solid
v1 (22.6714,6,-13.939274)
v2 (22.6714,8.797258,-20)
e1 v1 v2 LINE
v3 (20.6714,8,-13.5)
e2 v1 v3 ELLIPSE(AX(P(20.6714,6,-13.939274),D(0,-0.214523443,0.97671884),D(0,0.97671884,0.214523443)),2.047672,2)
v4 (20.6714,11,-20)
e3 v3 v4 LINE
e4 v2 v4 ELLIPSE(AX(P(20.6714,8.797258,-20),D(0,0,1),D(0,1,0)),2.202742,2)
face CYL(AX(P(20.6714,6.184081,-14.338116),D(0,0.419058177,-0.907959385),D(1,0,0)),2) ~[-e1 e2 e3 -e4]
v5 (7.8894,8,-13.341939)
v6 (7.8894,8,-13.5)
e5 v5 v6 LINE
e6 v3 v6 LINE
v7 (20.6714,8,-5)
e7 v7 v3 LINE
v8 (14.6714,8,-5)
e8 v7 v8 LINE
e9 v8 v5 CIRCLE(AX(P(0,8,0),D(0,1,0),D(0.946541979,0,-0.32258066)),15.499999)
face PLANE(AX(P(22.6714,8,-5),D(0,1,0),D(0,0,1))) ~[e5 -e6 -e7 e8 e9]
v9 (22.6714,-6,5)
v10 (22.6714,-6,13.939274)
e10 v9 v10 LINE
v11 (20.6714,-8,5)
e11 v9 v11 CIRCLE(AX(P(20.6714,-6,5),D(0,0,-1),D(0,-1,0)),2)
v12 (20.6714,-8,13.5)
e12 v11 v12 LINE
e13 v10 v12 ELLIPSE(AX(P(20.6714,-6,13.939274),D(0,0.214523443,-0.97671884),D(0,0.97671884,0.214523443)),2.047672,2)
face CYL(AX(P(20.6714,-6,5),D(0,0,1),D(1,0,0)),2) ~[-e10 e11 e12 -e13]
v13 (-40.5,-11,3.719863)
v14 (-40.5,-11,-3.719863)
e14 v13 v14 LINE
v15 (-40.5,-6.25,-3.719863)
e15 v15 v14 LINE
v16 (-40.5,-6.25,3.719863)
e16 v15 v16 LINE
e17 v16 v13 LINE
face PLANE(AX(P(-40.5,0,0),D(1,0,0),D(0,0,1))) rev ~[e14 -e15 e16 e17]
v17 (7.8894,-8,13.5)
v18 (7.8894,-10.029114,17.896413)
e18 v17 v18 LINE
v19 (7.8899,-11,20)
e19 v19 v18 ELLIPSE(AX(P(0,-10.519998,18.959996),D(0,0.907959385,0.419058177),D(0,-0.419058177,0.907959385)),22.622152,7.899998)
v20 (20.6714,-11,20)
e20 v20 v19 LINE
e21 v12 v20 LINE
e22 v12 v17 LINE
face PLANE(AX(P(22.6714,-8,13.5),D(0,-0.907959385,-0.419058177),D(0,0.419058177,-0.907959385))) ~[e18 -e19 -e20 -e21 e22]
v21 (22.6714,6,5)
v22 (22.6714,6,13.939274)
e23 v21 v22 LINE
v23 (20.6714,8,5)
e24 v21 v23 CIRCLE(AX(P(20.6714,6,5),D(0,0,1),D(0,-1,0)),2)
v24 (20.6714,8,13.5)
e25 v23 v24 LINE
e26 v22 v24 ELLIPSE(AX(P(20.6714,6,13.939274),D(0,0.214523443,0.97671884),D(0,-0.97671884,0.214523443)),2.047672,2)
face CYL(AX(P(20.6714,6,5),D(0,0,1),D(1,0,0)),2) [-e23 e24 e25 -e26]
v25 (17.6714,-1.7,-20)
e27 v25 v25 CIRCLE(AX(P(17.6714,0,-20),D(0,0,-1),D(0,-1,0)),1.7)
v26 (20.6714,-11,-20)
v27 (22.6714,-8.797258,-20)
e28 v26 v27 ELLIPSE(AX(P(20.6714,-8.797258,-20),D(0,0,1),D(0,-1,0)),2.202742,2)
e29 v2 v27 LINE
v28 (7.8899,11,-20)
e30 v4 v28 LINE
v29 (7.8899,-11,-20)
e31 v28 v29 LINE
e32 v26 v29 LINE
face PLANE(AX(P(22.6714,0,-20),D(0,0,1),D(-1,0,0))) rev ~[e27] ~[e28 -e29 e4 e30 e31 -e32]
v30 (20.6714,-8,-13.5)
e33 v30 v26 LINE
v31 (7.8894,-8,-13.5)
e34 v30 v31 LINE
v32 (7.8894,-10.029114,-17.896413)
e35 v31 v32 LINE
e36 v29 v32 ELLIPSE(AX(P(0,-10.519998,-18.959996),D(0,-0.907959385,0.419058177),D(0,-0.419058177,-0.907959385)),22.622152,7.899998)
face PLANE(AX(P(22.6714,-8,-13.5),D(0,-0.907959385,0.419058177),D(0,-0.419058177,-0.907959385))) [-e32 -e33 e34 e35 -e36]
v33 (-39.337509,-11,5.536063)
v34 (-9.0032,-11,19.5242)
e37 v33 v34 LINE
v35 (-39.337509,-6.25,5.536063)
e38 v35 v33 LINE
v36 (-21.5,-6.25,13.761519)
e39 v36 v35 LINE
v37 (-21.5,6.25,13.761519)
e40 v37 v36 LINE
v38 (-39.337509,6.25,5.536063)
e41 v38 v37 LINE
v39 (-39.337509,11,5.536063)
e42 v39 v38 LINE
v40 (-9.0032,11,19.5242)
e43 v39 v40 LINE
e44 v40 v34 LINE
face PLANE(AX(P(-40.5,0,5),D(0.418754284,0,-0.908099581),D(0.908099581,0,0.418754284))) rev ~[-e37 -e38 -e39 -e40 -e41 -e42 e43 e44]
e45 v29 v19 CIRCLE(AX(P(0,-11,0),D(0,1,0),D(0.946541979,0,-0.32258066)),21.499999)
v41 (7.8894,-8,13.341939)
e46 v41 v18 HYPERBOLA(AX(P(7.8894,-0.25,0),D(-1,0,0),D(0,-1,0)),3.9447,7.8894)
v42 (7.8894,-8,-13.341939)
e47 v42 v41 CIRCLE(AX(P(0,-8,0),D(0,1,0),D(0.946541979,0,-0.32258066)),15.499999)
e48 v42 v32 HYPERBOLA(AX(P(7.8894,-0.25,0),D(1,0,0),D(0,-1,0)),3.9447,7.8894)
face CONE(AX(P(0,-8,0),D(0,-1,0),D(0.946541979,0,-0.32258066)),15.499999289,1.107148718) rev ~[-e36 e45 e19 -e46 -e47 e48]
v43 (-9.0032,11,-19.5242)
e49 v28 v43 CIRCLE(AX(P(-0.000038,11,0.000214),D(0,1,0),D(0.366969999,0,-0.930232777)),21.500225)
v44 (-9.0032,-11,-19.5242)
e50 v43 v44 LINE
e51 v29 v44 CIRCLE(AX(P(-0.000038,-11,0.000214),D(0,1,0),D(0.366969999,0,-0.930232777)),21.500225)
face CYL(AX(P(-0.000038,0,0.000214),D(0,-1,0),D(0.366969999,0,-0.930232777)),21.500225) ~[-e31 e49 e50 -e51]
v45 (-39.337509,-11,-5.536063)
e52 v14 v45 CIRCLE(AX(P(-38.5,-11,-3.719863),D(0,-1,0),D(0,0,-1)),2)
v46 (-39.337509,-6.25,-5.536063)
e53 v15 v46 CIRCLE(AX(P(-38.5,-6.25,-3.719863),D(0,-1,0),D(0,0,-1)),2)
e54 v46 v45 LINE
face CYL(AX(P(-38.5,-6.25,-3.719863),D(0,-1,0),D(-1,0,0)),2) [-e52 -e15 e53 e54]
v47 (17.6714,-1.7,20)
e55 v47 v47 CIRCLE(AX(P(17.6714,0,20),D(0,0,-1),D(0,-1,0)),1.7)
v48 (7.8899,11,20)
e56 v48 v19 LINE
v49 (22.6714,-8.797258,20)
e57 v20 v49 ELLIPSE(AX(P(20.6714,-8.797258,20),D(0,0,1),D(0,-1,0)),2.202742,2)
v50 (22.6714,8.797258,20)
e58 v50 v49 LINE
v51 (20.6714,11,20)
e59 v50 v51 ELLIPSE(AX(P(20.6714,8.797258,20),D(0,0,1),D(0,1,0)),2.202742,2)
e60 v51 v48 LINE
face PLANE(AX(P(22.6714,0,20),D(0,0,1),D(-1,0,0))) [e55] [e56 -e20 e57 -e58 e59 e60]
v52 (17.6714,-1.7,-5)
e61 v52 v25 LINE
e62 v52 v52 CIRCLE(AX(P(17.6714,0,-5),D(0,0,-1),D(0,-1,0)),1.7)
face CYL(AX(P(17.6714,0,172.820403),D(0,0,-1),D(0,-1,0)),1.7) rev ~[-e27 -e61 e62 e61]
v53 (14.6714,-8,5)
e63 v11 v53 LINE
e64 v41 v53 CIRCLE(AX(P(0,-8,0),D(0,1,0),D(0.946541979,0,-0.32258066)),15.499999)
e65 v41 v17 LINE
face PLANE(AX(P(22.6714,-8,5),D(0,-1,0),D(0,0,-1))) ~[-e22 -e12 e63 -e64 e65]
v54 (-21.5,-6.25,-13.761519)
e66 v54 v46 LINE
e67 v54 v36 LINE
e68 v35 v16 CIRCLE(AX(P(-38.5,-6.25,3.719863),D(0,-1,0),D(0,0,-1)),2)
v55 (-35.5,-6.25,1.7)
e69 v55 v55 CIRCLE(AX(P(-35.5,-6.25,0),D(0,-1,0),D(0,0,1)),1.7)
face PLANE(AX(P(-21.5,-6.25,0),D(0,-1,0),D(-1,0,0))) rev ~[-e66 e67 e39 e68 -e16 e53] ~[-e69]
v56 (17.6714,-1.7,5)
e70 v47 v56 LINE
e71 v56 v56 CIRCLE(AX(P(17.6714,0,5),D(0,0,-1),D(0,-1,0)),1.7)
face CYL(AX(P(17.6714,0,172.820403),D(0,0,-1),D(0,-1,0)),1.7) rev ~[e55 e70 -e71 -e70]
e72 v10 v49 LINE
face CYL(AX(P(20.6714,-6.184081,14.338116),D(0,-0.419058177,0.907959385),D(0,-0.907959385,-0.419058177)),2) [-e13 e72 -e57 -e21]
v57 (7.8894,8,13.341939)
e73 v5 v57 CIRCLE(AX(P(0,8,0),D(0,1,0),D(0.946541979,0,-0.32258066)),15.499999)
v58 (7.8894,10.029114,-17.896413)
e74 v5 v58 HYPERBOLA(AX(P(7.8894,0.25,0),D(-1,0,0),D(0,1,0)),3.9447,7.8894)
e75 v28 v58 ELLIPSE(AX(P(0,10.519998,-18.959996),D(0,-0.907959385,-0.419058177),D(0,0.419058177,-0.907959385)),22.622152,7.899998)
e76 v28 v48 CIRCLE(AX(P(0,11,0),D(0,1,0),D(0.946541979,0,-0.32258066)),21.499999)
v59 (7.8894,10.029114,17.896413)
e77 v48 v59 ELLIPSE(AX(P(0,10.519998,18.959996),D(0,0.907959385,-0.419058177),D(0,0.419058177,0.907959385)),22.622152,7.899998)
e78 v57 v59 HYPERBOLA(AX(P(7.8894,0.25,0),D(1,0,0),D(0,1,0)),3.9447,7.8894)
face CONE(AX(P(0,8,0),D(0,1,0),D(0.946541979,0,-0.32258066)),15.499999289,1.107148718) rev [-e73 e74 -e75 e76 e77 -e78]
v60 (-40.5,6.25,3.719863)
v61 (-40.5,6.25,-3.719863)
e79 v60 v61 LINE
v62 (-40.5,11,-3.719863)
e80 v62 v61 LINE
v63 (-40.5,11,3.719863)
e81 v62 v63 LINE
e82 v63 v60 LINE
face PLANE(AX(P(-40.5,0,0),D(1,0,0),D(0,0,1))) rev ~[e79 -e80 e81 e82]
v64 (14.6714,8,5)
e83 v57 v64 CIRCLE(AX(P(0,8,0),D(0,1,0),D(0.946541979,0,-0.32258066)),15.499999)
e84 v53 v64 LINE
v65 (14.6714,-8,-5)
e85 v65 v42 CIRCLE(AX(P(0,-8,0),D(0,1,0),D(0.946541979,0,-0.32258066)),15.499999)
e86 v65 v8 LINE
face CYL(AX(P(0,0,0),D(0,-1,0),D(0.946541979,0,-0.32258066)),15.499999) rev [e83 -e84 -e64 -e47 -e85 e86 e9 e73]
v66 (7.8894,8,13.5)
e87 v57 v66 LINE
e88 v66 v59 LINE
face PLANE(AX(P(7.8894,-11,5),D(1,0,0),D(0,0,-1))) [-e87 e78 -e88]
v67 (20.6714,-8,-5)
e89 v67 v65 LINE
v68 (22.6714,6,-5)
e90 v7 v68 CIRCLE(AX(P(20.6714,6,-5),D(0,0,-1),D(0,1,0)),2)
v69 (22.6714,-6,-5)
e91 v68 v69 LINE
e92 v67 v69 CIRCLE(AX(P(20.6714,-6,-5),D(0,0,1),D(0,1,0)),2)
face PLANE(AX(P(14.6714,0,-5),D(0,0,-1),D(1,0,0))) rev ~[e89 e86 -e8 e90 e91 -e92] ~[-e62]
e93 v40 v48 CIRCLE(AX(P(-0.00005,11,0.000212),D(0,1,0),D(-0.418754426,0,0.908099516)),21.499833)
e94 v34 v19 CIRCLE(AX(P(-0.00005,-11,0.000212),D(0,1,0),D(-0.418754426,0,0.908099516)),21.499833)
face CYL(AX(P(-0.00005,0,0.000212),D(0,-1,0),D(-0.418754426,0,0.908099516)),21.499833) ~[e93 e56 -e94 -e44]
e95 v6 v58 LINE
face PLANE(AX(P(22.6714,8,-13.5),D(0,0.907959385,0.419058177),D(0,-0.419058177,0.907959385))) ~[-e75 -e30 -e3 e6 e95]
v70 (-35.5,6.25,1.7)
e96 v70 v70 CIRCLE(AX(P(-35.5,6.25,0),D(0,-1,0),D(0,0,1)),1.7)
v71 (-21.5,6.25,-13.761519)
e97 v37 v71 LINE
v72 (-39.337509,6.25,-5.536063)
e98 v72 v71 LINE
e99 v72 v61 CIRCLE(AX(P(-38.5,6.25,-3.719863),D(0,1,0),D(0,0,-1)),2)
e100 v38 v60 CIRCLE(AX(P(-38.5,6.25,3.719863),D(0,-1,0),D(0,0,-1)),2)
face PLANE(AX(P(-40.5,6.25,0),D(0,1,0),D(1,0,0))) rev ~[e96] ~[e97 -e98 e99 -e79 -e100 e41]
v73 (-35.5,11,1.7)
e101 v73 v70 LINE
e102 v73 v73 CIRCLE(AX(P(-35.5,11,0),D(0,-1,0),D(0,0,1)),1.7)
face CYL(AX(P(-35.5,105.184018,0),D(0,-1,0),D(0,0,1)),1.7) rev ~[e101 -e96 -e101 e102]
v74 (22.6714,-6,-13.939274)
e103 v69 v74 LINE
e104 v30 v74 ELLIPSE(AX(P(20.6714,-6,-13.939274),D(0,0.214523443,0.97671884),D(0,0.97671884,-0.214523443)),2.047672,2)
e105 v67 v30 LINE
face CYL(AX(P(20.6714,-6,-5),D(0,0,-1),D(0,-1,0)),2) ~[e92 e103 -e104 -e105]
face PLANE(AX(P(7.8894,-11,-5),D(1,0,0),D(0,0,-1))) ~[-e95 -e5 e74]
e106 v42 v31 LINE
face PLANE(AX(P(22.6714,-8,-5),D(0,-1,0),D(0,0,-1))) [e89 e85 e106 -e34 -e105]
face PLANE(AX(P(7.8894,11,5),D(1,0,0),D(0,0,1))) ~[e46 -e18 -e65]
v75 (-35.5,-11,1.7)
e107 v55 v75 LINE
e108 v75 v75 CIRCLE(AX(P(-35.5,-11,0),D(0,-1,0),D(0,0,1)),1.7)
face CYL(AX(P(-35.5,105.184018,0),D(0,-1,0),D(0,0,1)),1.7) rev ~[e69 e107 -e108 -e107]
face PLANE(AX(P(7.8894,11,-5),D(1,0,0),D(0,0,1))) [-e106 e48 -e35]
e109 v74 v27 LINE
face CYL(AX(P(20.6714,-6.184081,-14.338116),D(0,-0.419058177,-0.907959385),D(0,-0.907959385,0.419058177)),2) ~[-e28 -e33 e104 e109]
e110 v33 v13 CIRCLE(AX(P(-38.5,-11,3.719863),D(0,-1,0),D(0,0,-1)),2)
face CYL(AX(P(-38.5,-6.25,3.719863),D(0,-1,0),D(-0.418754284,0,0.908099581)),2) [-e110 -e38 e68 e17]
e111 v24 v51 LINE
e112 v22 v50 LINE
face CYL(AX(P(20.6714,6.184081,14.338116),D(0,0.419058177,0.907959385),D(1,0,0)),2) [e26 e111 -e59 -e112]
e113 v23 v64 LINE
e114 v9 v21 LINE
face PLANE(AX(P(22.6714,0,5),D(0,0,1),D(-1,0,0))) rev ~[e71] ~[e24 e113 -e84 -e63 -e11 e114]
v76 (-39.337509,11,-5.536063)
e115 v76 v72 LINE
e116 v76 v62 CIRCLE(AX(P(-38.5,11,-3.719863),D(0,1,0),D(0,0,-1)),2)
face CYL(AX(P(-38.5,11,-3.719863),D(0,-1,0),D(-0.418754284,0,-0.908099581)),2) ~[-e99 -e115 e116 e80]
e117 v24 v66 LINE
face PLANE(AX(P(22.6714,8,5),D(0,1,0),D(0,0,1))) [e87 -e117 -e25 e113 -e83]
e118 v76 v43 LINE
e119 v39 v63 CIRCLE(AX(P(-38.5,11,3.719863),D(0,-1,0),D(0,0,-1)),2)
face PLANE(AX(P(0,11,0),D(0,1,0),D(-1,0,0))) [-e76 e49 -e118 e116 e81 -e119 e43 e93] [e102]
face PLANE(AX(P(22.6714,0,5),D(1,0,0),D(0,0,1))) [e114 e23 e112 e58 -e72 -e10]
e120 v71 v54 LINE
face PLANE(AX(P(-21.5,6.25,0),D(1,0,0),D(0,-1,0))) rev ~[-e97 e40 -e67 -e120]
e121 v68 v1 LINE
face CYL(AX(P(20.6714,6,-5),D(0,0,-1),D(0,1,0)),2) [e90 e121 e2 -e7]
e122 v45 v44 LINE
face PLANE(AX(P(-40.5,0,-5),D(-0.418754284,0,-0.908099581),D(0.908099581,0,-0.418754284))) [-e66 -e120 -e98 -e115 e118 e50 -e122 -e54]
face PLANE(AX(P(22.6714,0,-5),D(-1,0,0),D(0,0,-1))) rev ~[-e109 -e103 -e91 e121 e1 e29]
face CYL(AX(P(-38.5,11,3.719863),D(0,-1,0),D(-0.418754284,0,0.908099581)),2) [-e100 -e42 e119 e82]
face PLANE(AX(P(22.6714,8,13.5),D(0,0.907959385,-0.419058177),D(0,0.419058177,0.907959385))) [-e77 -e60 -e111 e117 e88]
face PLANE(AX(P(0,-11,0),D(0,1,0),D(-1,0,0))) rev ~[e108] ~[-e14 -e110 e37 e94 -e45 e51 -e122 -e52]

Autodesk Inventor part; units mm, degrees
ref_plane "YZ Plane" through (0, 0, 0) normal (1, 0, 0) x (0, 1, 0)
ref_plane "XZ Plane" through (0, 0, 0) normal (0, 1, 0) x (-1, 0, 0)
ref_plane "XY Plane" through (0, 0, 0) normal (0, 0, 1) x (1, 0, 0)
sketch "スケッチ1" plane through (0, 0, 0) normal (0, 1, 0) x (-1, 0, 0)
  circle A0 centre (0, 0) radius 15.5 construction
  circle A1 centre (0, 0) radius 21.5 construction
  line L0 (-22.6714, 5) -> (-14.6714, 5)
  line L1 (-14.6714, 5) -> (-14.6714, -5) construction
  line L2 (-14.6714, -5) -> (-22.6714, -5)
  line L3 (-22.6714, -5) -> (-22.6714, 5) construction
  line L4 (-22.6714, 5) -> (-14.6714, -5) construction
  line L5 (-14.6714, 5) -> (-22.6714, -5) construction
  line L6 (0, 0) -> (-18.6714, 0) construction
  line L7 (-22.6714, 5) -> (-22.6714, 20)
  line L8 (-22.6714, 20) -> (-7.8899, 20)
  line L9 (-22.6714, -5) -> (-22.6714, -20)
  line L10 (-22.6714, -20) -> (-7.8899, -20)
  arc A2 (-14.6714, -5) -> (-14.6714, 5) centre (0, 0) ccw
  line L11 (21.5, 0) -> (35.5, 0) construction
  line L12 (0, 0) -> (21.5, 0) construction
  line L13 (35.5, 0) -> (40.5, 0) construction
  line L14 (40.5, 0) -> (40.5, 5)
  line L15 (40.5, 0) -> (40.5, -5)
  line L16 (40.5, 5) -> (9.0032, 19.5242)
  line L17 (40.5, -5) -> (9.0032, -19.5242)
  arc A3 (9.0032, 19.5242) -> (-7.8899, 20) centre (0, 0) ccw
  arc A4 (-7.8899, -20) -> (9.0032, -19.5242) centre (0, 0) ccw
  dimension "d0" = 31
  dimension "d1" = 43
  dimension "d2" = 10
  dimension "d3" = 8
  dimension "d4" = 15
  dimension "d5" = 15
  dimension "d6" = 14
  dimension "d7" = 5
  dimension "d8" = 5
  dimension "d9" = 5
extrude "押し出し1" add sketch "スケッチ1" along normal mid plane 22
sketch "スケッチ2" plane through (0, 0, 0) normal (0, 0, 1) x (1, 0, 0)
  line L0 (-40.5, -11) -> (-40.5, 11) projected
  line L1 (-21.5, -6.25) -> (-40.5, -6.25)
  line L2 (-40.5, -6.25) -> (-40.5, 6.25)
  line L3 (-40.5, 6.25) -> (-21.5, 6.25)
  line L4 (-21.5, 6.25) -> (-21.5, -6.25)
  line L5 (-21.5, -6.25) -> (-40.5, 6.25) construction
  line L6 (-40.5, -6.25) -> (-21.5, 6.25) construction
  point P0 (0, 0)
  point P1 (-31, 0)
  dimension "d12" = 12.5
  dimension "d13" = 19
extrude "押し出し2" cut sketch "スケッチ2" along normal mid plane 100
hole "穴1" at (-35.5, 0, 0) direction (0, -1, 0) diameter 3.4 end through all both
sketch "スケッチ3" plane through (7.8899, 11, 20) normal (0, 0, 1) x (1, 0, 0)
  line L0 (14.7815, 0) -> (6.7815, 0) projected
  line L1 (9.7815, 0) -> (9.7815, -22) construction
  line L2 (14.7815, -22) -> (0, -22) projected
  line L3 (14.7815, -22) -> (14.7815, 0) projected
  point P0 (-7.8899, -11)
  point P1 (9.7815, -11)
  dimension "d23" = 5
hole "穴2" at (17.6714, 0, 20) direction (0, 0, -1) diameter 3.4 end through all both
chamfer "面取り1" distance 6 distance2 3 1 edges at (-15.5, 11, 0) measured on face at (-20.7313, 11, -11.1411)
sketch "スケッチ4" plane through (22.6714, -11, 5) normal (1, 0, 0) x (0, 0, -1)
  line L0 (-15, 0) -> (-15, 22) projected
  line L1 (0, 22) -> (-14.5242, 22) projected
  line L2 (-15, 22) -> (0, 22)
  line L3 (0, 22) -> (0, 0) projected
  line L4 (0, 22) -> (0, 19)
  line L5 (0, 19) -> (-8.5, 19)
  line L6 (0, 17.25) -> (-8.7615, 17.25) projected
  line L7 (-8.5, 19) -> (-15, 22)
  point P0 (5, 11)
  point P1 (-8.7615, 17.25)
  dimension "d34" = 3
  dimension "d35" = 8.5
extrude "押し出し3" cut sketch "スケッチ4" against normal blind 14.782
mirror "ミラー1" about plane through (0, 0, 0) normal (0, 0, 1) of "押し出し3"
chamfer "面取り2" distance 6 distance2 3 1 edges at (-15.5, -11, 0) measured on face at (-20.7313, -11, -11.1411)
mirror "ミラー2" about plane through (0, 0, 0) normal (0, 1, 0) of "押し出し3", "ミラー1"
fillet "フィレット1" radius 2 4 edges at (-40.5, -8.625, 5) (-40.5, 8.625, 5) (-40.5, 8.625, -5) (-40.5, -8.625, -5)
fillet "フィレット2" radius 2 8 edges at (22.6714, -8, 9.25) (22.6714, -9.5, 16.75) (22.6714, 8, 9.25) (22.6714, 9.5, 16.75) (22.6714, 9.5, -16.75) (22.6714, 8, -9.25) (22.6714, -8, -9.25) (22.6714, -9.5, -16.75)
equation "\"d9\" = d8"
properties part number "petbottlesfixingparts_sa" material "ABS プラスチック"
